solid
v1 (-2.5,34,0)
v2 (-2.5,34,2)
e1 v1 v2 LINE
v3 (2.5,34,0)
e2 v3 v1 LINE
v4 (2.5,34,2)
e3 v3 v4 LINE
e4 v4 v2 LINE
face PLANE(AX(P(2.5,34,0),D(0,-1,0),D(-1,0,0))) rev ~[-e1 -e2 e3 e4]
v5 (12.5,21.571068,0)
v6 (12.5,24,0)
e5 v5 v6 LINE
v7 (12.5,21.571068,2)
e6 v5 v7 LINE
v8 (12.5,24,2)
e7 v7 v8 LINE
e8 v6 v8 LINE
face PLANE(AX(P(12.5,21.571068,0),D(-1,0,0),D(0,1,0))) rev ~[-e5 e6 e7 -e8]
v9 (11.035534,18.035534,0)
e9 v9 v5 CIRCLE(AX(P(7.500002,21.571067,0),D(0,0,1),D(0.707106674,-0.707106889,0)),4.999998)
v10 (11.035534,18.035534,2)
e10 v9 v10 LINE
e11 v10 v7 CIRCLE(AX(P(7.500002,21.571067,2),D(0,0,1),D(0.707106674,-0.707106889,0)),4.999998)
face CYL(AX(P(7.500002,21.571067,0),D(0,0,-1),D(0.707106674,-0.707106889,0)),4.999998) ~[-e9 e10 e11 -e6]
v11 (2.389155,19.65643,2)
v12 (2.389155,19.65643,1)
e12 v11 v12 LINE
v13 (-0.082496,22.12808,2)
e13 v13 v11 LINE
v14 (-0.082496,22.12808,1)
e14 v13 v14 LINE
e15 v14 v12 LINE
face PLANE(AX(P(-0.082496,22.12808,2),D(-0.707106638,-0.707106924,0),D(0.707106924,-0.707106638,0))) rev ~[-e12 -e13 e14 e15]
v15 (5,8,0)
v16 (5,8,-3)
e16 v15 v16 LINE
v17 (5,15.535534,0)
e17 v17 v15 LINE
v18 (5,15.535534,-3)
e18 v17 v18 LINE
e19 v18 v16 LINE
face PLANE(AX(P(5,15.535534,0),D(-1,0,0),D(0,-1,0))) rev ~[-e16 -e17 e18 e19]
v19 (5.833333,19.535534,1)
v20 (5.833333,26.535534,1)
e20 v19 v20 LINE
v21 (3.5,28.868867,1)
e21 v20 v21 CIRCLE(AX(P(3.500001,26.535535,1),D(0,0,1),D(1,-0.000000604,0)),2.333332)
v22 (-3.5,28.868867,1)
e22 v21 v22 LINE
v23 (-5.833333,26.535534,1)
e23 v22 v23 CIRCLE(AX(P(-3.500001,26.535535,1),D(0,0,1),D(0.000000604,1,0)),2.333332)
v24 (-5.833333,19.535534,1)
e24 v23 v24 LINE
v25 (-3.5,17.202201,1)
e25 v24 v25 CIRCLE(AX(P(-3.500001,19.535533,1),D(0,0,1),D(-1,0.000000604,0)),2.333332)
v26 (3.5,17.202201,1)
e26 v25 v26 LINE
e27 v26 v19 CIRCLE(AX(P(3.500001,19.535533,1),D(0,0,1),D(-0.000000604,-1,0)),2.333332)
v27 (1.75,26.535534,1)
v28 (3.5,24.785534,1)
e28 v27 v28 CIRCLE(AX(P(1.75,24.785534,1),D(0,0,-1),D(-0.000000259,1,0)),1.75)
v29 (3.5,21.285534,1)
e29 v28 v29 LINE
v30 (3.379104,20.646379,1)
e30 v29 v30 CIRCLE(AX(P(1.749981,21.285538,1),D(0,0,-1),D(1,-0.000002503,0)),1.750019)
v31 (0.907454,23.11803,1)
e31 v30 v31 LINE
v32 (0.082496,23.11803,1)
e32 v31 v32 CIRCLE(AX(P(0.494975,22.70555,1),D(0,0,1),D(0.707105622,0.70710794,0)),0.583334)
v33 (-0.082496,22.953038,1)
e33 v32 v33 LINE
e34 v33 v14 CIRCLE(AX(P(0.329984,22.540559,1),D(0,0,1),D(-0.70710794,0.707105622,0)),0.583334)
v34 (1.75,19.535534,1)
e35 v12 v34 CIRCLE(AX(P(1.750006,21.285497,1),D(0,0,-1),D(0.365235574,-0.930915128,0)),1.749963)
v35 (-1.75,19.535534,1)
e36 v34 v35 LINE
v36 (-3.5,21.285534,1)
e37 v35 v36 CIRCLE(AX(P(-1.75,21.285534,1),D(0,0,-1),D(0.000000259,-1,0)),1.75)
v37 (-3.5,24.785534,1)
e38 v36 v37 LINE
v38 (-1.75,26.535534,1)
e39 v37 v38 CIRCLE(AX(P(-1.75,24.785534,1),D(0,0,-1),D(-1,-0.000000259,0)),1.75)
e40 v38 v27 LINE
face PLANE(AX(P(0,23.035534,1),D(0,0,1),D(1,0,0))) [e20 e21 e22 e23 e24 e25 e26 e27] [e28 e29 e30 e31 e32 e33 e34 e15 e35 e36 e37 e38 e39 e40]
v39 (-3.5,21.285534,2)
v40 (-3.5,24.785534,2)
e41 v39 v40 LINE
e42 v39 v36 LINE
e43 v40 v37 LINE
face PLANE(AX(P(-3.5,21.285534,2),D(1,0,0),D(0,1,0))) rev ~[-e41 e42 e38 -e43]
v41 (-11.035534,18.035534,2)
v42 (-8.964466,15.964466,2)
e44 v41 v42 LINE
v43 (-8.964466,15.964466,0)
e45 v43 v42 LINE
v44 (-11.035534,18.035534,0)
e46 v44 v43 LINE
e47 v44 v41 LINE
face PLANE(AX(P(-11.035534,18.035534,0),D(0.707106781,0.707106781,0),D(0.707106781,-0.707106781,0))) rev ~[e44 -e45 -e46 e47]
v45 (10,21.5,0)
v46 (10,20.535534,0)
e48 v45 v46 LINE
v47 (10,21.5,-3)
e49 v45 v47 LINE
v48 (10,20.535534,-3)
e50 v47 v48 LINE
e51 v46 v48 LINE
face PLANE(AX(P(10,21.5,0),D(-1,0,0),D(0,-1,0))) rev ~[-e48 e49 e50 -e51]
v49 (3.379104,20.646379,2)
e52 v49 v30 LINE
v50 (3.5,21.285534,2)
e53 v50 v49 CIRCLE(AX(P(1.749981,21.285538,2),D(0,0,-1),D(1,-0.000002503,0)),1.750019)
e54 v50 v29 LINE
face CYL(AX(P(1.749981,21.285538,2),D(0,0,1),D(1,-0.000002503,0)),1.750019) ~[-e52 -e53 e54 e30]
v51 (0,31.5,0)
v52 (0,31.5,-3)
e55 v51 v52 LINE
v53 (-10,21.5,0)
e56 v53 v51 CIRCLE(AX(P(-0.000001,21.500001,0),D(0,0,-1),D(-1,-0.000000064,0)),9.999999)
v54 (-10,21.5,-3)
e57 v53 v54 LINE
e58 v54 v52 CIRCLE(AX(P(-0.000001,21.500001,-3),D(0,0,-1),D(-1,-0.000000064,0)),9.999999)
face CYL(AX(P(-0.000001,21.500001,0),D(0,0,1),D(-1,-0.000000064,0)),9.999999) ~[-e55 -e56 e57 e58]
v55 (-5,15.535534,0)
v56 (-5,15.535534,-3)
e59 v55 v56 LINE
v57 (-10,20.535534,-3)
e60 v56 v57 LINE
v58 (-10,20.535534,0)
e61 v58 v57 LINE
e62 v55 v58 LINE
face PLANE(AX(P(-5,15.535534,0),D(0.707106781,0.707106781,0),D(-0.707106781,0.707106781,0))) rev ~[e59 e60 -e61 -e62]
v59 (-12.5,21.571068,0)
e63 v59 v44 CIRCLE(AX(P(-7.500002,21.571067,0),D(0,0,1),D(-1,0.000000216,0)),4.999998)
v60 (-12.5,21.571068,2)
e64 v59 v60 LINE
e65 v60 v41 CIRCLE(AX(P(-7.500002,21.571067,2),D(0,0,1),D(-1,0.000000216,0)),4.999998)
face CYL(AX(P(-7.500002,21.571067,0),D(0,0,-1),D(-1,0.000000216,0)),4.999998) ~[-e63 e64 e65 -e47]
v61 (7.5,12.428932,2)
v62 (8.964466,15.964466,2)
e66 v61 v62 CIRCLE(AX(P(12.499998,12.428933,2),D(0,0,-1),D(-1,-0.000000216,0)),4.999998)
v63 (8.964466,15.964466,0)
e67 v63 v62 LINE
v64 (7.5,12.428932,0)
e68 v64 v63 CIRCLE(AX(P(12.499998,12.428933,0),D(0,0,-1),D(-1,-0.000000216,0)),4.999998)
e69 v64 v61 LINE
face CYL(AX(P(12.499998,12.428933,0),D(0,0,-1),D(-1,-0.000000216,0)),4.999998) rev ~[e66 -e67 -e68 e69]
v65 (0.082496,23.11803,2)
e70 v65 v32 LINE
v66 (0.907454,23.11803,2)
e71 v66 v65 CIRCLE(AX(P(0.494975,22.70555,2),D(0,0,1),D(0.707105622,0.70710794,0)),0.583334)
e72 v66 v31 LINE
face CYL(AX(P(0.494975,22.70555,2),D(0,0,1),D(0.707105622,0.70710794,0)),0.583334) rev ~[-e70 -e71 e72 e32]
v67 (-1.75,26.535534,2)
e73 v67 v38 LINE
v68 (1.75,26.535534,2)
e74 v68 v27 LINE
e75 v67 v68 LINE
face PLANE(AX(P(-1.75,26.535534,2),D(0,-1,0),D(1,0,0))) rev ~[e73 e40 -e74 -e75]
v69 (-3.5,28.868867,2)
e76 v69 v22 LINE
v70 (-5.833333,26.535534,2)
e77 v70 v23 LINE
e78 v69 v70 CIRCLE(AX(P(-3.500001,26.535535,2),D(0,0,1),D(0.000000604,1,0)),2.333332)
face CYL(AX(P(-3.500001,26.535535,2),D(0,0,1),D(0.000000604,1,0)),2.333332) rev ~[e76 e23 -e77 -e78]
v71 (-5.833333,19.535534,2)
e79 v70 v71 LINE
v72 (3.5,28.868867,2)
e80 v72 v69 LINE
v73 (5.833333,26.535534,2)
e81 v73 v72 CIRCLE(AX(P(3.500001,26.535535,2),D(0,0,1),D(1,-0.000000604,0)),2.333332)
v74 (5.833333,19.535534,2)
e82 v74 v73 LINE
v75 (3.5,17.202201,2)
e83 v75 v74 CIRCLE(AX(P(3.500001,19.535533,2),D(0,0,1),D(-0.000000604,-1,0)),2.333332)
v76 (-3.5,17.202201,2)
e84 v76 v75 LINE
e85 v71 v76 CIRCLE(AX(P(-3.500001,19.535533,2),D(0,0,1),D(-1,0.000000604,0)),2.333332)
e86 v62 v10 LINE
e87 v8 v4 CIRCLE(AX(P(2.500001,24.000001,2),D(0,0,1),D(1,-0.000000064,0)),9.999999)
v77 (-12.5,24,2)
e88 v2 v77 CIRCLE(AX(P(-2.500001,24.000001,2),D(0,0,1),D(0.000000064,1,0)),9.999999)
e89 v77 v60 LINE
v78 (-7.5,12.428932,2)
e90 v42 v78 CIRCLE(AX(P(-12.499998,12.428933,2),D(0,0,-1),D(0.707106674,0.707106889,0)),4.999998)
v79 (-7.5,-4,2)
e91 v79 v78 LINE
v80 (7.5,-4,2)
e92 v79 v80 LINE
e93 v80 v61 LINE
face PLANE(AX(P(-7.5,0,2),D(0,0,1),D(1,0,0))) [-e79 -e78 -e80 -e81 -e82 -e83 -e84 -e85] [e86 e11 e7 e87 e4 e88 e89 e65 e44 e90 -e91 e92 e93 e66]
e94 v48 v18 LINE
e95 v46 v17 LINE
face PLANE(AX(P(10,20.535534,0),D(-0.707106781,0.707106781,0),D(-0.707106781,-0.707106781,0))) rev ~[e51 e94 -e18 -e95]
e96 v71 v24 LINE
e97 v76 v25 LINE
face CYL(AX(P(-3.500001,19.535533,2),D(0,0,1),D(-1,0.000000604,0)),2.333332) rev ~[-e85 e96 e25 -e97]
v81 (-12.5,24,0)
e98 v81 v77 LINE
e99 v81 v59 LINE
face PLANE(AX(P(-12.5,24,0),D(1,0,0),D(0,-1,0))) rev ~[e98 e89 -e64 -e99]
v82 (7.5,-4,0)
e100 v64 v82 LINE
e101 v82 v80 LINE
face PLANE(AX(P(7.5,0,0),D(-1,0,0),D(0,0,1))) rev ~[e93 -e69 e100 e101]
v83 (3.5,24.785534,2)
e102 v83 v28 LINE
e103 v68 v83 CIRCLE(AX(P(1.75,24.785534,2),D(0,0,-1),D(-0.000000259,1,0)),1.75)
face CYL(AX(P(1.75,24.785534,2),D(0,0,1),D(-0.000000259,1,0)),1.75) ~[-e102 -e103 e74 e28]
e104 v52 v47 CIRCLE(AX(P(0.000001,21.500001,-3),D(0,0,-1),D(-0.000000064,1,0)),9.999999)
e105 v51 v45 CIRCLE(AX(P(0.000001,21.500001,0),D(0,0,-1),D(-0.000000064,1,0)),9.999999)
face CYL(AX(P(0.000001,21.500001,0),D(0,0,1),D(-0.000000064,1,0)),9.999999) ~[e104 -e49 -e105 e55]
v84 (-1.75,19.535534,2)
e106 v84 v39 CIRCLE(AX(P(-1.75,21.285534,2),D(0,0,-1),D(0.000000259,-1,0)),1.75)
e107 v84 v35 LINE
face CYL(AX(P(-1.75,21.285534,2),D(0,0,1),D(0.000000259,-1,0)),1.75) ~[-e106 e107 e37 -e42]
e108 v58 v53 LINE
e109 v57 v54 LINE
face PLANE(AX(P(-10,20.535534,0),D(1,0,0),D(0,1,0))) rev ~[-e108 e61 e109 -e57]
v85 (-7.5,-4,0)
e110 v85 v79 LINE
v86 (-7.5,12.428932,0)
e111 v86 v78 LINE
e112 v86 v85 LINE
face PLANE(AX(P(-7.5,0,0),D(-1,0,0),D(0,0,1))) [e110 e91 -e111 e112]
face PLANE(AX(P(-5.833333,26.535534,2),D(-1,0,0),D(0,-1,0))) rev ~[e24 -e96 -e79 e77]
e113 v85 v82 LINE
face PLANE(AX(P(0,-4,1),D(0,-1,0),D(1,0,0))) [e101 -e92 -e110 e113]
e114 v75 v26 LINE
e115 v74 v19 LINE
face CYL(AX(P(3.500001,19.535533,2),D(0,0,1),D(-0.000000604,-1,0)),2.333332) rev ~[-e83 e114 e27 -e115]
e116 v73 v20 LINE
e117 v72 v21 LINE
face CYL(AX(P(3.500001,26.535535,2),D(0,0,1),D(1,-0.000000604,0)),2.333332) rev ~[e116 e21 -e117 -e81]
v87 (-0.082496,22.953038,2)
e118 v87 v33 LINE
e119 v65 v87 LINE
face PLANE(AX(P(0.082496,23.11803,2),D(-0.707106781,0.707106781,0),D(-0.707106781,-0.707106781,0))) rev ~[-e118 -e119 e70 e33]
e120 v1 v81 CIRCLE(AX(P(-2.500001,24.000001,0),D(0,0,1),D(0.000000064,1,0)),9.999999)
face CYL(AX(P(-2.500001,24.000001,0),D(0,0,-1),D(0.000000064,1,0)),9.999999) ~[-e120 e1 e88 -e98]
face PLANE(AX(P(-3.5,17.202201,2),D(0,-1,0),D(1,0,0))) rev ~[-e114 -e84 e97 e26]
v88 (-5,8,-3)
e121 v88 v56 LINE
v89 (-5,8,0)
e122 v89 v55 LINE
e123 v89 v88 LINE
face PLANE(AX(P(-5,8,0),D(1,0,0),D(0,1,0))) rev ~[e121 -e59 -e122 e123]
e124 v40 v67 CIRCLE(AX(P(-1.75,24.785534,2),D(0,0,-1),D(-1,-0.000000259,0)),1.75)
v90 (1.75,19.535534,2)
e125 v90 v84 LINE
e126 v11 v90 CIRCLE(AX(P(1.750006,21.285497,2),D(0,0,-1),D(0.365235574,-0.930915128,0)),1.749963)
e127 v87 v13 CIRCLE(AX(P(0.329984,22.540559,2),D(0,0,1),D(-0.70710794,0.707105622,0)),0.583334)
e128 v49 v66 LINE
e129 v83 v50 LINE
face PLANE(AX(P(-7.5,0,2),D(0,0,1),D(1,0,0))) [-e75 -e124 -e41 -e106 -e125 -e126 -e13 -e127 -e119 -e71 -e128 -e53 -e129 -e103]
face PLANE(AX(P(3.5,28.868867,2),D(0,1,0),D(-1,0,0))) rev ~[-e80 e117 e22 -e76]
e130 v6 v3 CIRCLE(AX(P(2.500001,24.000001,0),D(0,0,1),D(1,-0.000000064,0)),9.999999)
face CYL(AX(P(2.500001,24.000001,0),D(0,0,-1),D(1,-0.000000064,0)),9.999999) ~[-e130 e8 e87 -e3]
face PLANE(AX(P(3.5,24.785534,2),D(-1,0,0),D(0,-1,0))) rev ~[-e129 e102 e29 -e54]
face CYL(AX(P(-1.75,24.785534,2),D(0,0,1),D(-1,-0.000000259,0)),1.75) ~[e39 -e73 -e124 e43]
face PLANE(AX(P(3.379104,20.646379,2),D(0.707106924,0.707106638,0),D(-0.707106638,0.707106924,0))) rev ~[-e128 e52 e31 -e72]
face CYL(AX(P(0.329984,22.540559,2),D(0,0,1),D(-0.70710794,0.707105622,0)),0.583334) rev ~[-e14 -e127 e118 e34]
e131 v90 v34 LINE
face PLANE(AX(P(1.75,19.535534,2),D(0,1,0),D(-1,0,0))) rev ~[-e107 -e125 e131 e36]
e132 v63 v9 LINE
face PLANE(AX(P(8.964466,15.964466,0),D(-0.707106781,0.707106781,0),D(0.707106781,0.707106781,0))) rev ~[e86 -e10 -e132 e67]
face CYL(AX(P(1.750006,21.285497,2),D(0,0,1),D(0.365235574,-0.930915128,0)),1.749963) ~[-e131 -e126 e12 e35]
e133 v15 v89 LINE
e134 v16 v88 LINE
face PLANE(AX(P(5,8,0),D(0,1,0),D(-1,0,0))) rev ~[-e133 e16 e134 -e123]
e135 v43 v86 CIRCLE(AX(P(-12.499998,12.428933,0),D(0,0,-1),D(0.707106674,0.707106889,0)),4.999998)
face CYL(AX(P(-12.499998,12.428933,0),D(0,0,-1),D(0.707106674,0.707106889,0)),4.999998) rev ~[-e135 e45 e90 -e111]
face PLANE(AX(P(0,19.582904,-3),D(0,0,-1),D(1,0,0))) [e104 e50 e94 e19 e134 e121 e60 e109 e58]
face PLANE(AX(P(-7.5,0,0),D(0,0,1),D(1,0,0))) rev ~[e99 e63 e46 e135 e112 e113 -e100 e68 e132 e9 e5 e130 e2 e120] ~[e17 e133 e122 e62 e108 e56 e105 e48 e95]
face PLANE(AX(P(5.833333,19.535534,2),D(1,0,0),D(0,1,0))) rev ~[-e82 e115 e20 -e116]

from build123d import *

# Parameters (mm, degrees)
F1_DEPTH = 2
F3_DEPTH = 3
F4_W     = 15
F4_H     = 2
F5_DEPTH = 4
F7_DEPTH = 1


with BuildPart() as f1:
    # F0 (on Top) → F1 (new body)
    with BuildSketch(Plane.XY):
        with BuildLine():
            Line((-7.5, 0), (0, 0))
            Line((0, 0), (7.5, 0))
            Line((7.5, 0), (7.5, 12.428932))
            ThreePointArc((7.5, 12.428932), (7.880602, 14.342349), (8.964466, 15.964466))
            Line((8.964466, 15.964466), (11.035534, 18.035534))
            ThreePointArc((11.035534, 18.035534), (12.119398, 19.657651), (12.5, 21.571068))
            Line((12.5, 21.571068), (12.5, 24))
            ThreePointArc((12.5, 24), (9.571068, 31.071068), (2.5, 34))
            Line((2.5, 34), (0, 34))
            Line((0, 34), (-2.5, 34))
            ThreePointArc((-2.5, 34), (-9.571068, 31.071068), (-12.5, 24))
            Line((-12.5, 24), (-12.5, 21.571068))
            ThreePointArc((-12.5, 21.571068), (-12.119398, 19.657651), (-11.035534, 18.035534))
            Line((-11.035534, 18.035534), (-8.964466, 15.964466))
            ThreePointArc((-8.964466, 15.964466), (-7.880602, 14.342349), (-7.5, 12.428932))
            Line((-7.5, 12.428932), (-7.5, 0))
        make_face()
    extrude(amount=F1_DEPTH)

    # F2 (on face) → F3 (join)
    with BuildSketch(Plane(origin=(0, 0, 0), x_dir=(1, 0, 0), z_dir=(0, 0, -1))):
        with BuildLine():
            ThreePointArc((0, -31.5), (7.071068, -28.571068), (10, -21.5))
            Line((10, -21.5), (10, -20.535534))
            Line((10, -20.535534), (5, -15.535534))
            Line((5, -15.535534), (5, -8))
            Line((5, -8), (-5, -8))
            Line((-5, -8), (-5, -15.535534))
            Line((-5, -15.535534), (-10, -20.535534))
            Line((-10, -20.535534), (-10, -21.5))
            ThreePointArc((-10, -21.5), (-7.071068, -28.571068), (0, -31.5))
        make_face()
    extrude(amount=F3_DEPTH)

    # F4 (on face) → F5 (join)
    with BuildSketch(Plane.XZ):
        with Locations((0, 1)):
            Rectangle(F4_W, F4_H)
    extrude(amount=F5_DEPTH)

    # F6 (on face) → F7 (cut)
    with BuildSketch(Plane.XY.offset(2)):
        with BuildLine():
            ThreePointArc((-5.833333, 19.535534), (-5.149916, 17.885618), (-3.5, 17.202201))
            Line((-3.5, 17.202201), (3.5, 17.202201))
            ThreePointArc((3.5, 17.202201), (5.149916, 17.885618), (5.833333, 19.535534))
            Line((5.833333, 19.535534), (5.833333, 26.535534))
            ThreePointArc((5.833333, 26.535534), (5.149916, 28.18545), (3.5, 28.868867))
            Line((3.5, 28.868867), (-3.5, 28.868867))
            ThreePointArc((-3.5, 28.868867), (-5.149916, 28.18545), (-5.833333, 26.535534))
            Line((-5.833333, 26.535534), (-5.833333, 19.535534))
        make_face()
        with BuildLine():
            Line((1.75, 19.535534), (-1.75, 19.535534))
            ThreePointArc((-1.75, 19.535534), (-2.987437, 20.048097), (-3.5, 21.285534))
            Line((-3.5, 21.285534), (-3.5, 24.785534))
            ThreePointArc((-3.5, 24.785534), (-2.987437, 26.022971), (-1.75, 26.535534))
            Line((-1.75, 26.535534), (1.75, 26.535534))
            ThreePointArc((1.75, 26.535534), (2.987437, 26.022971), (3.5, 24.785534))
            Line((3.5, 24.785534), (3.5, 21.285534))
            ThreePointArc((3.5, 21.285534), (3.46951, 20.96029), (3.379104, 20.646379))
            Line((3.379104, 20.646379), (0.907454, 23.11803))
            ThreePointArc((0.907454, 23.11803), (0.494975, 23.288884), (0.082496, 23.11803))
            Line((0.082496, 23.11803), (0, 23.035534))
            Line((0, 23.035534), (-0.082496, 22.953038))
            ThreePointArc((-0.082496, 22.953038), (-0.25335, 22.540559), (-0.082496, 22.12808))
            Line((-0.082496, 22.12808), (2.389155, 19.65643))
            ThreePointArc((2.389155, 19.65643), (2.075244, 19.566023), (1.75, 19.535534))
        make_face(mode=Mode.SUBTRACT)
    extrude(amount=-F7_DEPTH, mode=Mode.SUBTRACT)


solid = f1.part
